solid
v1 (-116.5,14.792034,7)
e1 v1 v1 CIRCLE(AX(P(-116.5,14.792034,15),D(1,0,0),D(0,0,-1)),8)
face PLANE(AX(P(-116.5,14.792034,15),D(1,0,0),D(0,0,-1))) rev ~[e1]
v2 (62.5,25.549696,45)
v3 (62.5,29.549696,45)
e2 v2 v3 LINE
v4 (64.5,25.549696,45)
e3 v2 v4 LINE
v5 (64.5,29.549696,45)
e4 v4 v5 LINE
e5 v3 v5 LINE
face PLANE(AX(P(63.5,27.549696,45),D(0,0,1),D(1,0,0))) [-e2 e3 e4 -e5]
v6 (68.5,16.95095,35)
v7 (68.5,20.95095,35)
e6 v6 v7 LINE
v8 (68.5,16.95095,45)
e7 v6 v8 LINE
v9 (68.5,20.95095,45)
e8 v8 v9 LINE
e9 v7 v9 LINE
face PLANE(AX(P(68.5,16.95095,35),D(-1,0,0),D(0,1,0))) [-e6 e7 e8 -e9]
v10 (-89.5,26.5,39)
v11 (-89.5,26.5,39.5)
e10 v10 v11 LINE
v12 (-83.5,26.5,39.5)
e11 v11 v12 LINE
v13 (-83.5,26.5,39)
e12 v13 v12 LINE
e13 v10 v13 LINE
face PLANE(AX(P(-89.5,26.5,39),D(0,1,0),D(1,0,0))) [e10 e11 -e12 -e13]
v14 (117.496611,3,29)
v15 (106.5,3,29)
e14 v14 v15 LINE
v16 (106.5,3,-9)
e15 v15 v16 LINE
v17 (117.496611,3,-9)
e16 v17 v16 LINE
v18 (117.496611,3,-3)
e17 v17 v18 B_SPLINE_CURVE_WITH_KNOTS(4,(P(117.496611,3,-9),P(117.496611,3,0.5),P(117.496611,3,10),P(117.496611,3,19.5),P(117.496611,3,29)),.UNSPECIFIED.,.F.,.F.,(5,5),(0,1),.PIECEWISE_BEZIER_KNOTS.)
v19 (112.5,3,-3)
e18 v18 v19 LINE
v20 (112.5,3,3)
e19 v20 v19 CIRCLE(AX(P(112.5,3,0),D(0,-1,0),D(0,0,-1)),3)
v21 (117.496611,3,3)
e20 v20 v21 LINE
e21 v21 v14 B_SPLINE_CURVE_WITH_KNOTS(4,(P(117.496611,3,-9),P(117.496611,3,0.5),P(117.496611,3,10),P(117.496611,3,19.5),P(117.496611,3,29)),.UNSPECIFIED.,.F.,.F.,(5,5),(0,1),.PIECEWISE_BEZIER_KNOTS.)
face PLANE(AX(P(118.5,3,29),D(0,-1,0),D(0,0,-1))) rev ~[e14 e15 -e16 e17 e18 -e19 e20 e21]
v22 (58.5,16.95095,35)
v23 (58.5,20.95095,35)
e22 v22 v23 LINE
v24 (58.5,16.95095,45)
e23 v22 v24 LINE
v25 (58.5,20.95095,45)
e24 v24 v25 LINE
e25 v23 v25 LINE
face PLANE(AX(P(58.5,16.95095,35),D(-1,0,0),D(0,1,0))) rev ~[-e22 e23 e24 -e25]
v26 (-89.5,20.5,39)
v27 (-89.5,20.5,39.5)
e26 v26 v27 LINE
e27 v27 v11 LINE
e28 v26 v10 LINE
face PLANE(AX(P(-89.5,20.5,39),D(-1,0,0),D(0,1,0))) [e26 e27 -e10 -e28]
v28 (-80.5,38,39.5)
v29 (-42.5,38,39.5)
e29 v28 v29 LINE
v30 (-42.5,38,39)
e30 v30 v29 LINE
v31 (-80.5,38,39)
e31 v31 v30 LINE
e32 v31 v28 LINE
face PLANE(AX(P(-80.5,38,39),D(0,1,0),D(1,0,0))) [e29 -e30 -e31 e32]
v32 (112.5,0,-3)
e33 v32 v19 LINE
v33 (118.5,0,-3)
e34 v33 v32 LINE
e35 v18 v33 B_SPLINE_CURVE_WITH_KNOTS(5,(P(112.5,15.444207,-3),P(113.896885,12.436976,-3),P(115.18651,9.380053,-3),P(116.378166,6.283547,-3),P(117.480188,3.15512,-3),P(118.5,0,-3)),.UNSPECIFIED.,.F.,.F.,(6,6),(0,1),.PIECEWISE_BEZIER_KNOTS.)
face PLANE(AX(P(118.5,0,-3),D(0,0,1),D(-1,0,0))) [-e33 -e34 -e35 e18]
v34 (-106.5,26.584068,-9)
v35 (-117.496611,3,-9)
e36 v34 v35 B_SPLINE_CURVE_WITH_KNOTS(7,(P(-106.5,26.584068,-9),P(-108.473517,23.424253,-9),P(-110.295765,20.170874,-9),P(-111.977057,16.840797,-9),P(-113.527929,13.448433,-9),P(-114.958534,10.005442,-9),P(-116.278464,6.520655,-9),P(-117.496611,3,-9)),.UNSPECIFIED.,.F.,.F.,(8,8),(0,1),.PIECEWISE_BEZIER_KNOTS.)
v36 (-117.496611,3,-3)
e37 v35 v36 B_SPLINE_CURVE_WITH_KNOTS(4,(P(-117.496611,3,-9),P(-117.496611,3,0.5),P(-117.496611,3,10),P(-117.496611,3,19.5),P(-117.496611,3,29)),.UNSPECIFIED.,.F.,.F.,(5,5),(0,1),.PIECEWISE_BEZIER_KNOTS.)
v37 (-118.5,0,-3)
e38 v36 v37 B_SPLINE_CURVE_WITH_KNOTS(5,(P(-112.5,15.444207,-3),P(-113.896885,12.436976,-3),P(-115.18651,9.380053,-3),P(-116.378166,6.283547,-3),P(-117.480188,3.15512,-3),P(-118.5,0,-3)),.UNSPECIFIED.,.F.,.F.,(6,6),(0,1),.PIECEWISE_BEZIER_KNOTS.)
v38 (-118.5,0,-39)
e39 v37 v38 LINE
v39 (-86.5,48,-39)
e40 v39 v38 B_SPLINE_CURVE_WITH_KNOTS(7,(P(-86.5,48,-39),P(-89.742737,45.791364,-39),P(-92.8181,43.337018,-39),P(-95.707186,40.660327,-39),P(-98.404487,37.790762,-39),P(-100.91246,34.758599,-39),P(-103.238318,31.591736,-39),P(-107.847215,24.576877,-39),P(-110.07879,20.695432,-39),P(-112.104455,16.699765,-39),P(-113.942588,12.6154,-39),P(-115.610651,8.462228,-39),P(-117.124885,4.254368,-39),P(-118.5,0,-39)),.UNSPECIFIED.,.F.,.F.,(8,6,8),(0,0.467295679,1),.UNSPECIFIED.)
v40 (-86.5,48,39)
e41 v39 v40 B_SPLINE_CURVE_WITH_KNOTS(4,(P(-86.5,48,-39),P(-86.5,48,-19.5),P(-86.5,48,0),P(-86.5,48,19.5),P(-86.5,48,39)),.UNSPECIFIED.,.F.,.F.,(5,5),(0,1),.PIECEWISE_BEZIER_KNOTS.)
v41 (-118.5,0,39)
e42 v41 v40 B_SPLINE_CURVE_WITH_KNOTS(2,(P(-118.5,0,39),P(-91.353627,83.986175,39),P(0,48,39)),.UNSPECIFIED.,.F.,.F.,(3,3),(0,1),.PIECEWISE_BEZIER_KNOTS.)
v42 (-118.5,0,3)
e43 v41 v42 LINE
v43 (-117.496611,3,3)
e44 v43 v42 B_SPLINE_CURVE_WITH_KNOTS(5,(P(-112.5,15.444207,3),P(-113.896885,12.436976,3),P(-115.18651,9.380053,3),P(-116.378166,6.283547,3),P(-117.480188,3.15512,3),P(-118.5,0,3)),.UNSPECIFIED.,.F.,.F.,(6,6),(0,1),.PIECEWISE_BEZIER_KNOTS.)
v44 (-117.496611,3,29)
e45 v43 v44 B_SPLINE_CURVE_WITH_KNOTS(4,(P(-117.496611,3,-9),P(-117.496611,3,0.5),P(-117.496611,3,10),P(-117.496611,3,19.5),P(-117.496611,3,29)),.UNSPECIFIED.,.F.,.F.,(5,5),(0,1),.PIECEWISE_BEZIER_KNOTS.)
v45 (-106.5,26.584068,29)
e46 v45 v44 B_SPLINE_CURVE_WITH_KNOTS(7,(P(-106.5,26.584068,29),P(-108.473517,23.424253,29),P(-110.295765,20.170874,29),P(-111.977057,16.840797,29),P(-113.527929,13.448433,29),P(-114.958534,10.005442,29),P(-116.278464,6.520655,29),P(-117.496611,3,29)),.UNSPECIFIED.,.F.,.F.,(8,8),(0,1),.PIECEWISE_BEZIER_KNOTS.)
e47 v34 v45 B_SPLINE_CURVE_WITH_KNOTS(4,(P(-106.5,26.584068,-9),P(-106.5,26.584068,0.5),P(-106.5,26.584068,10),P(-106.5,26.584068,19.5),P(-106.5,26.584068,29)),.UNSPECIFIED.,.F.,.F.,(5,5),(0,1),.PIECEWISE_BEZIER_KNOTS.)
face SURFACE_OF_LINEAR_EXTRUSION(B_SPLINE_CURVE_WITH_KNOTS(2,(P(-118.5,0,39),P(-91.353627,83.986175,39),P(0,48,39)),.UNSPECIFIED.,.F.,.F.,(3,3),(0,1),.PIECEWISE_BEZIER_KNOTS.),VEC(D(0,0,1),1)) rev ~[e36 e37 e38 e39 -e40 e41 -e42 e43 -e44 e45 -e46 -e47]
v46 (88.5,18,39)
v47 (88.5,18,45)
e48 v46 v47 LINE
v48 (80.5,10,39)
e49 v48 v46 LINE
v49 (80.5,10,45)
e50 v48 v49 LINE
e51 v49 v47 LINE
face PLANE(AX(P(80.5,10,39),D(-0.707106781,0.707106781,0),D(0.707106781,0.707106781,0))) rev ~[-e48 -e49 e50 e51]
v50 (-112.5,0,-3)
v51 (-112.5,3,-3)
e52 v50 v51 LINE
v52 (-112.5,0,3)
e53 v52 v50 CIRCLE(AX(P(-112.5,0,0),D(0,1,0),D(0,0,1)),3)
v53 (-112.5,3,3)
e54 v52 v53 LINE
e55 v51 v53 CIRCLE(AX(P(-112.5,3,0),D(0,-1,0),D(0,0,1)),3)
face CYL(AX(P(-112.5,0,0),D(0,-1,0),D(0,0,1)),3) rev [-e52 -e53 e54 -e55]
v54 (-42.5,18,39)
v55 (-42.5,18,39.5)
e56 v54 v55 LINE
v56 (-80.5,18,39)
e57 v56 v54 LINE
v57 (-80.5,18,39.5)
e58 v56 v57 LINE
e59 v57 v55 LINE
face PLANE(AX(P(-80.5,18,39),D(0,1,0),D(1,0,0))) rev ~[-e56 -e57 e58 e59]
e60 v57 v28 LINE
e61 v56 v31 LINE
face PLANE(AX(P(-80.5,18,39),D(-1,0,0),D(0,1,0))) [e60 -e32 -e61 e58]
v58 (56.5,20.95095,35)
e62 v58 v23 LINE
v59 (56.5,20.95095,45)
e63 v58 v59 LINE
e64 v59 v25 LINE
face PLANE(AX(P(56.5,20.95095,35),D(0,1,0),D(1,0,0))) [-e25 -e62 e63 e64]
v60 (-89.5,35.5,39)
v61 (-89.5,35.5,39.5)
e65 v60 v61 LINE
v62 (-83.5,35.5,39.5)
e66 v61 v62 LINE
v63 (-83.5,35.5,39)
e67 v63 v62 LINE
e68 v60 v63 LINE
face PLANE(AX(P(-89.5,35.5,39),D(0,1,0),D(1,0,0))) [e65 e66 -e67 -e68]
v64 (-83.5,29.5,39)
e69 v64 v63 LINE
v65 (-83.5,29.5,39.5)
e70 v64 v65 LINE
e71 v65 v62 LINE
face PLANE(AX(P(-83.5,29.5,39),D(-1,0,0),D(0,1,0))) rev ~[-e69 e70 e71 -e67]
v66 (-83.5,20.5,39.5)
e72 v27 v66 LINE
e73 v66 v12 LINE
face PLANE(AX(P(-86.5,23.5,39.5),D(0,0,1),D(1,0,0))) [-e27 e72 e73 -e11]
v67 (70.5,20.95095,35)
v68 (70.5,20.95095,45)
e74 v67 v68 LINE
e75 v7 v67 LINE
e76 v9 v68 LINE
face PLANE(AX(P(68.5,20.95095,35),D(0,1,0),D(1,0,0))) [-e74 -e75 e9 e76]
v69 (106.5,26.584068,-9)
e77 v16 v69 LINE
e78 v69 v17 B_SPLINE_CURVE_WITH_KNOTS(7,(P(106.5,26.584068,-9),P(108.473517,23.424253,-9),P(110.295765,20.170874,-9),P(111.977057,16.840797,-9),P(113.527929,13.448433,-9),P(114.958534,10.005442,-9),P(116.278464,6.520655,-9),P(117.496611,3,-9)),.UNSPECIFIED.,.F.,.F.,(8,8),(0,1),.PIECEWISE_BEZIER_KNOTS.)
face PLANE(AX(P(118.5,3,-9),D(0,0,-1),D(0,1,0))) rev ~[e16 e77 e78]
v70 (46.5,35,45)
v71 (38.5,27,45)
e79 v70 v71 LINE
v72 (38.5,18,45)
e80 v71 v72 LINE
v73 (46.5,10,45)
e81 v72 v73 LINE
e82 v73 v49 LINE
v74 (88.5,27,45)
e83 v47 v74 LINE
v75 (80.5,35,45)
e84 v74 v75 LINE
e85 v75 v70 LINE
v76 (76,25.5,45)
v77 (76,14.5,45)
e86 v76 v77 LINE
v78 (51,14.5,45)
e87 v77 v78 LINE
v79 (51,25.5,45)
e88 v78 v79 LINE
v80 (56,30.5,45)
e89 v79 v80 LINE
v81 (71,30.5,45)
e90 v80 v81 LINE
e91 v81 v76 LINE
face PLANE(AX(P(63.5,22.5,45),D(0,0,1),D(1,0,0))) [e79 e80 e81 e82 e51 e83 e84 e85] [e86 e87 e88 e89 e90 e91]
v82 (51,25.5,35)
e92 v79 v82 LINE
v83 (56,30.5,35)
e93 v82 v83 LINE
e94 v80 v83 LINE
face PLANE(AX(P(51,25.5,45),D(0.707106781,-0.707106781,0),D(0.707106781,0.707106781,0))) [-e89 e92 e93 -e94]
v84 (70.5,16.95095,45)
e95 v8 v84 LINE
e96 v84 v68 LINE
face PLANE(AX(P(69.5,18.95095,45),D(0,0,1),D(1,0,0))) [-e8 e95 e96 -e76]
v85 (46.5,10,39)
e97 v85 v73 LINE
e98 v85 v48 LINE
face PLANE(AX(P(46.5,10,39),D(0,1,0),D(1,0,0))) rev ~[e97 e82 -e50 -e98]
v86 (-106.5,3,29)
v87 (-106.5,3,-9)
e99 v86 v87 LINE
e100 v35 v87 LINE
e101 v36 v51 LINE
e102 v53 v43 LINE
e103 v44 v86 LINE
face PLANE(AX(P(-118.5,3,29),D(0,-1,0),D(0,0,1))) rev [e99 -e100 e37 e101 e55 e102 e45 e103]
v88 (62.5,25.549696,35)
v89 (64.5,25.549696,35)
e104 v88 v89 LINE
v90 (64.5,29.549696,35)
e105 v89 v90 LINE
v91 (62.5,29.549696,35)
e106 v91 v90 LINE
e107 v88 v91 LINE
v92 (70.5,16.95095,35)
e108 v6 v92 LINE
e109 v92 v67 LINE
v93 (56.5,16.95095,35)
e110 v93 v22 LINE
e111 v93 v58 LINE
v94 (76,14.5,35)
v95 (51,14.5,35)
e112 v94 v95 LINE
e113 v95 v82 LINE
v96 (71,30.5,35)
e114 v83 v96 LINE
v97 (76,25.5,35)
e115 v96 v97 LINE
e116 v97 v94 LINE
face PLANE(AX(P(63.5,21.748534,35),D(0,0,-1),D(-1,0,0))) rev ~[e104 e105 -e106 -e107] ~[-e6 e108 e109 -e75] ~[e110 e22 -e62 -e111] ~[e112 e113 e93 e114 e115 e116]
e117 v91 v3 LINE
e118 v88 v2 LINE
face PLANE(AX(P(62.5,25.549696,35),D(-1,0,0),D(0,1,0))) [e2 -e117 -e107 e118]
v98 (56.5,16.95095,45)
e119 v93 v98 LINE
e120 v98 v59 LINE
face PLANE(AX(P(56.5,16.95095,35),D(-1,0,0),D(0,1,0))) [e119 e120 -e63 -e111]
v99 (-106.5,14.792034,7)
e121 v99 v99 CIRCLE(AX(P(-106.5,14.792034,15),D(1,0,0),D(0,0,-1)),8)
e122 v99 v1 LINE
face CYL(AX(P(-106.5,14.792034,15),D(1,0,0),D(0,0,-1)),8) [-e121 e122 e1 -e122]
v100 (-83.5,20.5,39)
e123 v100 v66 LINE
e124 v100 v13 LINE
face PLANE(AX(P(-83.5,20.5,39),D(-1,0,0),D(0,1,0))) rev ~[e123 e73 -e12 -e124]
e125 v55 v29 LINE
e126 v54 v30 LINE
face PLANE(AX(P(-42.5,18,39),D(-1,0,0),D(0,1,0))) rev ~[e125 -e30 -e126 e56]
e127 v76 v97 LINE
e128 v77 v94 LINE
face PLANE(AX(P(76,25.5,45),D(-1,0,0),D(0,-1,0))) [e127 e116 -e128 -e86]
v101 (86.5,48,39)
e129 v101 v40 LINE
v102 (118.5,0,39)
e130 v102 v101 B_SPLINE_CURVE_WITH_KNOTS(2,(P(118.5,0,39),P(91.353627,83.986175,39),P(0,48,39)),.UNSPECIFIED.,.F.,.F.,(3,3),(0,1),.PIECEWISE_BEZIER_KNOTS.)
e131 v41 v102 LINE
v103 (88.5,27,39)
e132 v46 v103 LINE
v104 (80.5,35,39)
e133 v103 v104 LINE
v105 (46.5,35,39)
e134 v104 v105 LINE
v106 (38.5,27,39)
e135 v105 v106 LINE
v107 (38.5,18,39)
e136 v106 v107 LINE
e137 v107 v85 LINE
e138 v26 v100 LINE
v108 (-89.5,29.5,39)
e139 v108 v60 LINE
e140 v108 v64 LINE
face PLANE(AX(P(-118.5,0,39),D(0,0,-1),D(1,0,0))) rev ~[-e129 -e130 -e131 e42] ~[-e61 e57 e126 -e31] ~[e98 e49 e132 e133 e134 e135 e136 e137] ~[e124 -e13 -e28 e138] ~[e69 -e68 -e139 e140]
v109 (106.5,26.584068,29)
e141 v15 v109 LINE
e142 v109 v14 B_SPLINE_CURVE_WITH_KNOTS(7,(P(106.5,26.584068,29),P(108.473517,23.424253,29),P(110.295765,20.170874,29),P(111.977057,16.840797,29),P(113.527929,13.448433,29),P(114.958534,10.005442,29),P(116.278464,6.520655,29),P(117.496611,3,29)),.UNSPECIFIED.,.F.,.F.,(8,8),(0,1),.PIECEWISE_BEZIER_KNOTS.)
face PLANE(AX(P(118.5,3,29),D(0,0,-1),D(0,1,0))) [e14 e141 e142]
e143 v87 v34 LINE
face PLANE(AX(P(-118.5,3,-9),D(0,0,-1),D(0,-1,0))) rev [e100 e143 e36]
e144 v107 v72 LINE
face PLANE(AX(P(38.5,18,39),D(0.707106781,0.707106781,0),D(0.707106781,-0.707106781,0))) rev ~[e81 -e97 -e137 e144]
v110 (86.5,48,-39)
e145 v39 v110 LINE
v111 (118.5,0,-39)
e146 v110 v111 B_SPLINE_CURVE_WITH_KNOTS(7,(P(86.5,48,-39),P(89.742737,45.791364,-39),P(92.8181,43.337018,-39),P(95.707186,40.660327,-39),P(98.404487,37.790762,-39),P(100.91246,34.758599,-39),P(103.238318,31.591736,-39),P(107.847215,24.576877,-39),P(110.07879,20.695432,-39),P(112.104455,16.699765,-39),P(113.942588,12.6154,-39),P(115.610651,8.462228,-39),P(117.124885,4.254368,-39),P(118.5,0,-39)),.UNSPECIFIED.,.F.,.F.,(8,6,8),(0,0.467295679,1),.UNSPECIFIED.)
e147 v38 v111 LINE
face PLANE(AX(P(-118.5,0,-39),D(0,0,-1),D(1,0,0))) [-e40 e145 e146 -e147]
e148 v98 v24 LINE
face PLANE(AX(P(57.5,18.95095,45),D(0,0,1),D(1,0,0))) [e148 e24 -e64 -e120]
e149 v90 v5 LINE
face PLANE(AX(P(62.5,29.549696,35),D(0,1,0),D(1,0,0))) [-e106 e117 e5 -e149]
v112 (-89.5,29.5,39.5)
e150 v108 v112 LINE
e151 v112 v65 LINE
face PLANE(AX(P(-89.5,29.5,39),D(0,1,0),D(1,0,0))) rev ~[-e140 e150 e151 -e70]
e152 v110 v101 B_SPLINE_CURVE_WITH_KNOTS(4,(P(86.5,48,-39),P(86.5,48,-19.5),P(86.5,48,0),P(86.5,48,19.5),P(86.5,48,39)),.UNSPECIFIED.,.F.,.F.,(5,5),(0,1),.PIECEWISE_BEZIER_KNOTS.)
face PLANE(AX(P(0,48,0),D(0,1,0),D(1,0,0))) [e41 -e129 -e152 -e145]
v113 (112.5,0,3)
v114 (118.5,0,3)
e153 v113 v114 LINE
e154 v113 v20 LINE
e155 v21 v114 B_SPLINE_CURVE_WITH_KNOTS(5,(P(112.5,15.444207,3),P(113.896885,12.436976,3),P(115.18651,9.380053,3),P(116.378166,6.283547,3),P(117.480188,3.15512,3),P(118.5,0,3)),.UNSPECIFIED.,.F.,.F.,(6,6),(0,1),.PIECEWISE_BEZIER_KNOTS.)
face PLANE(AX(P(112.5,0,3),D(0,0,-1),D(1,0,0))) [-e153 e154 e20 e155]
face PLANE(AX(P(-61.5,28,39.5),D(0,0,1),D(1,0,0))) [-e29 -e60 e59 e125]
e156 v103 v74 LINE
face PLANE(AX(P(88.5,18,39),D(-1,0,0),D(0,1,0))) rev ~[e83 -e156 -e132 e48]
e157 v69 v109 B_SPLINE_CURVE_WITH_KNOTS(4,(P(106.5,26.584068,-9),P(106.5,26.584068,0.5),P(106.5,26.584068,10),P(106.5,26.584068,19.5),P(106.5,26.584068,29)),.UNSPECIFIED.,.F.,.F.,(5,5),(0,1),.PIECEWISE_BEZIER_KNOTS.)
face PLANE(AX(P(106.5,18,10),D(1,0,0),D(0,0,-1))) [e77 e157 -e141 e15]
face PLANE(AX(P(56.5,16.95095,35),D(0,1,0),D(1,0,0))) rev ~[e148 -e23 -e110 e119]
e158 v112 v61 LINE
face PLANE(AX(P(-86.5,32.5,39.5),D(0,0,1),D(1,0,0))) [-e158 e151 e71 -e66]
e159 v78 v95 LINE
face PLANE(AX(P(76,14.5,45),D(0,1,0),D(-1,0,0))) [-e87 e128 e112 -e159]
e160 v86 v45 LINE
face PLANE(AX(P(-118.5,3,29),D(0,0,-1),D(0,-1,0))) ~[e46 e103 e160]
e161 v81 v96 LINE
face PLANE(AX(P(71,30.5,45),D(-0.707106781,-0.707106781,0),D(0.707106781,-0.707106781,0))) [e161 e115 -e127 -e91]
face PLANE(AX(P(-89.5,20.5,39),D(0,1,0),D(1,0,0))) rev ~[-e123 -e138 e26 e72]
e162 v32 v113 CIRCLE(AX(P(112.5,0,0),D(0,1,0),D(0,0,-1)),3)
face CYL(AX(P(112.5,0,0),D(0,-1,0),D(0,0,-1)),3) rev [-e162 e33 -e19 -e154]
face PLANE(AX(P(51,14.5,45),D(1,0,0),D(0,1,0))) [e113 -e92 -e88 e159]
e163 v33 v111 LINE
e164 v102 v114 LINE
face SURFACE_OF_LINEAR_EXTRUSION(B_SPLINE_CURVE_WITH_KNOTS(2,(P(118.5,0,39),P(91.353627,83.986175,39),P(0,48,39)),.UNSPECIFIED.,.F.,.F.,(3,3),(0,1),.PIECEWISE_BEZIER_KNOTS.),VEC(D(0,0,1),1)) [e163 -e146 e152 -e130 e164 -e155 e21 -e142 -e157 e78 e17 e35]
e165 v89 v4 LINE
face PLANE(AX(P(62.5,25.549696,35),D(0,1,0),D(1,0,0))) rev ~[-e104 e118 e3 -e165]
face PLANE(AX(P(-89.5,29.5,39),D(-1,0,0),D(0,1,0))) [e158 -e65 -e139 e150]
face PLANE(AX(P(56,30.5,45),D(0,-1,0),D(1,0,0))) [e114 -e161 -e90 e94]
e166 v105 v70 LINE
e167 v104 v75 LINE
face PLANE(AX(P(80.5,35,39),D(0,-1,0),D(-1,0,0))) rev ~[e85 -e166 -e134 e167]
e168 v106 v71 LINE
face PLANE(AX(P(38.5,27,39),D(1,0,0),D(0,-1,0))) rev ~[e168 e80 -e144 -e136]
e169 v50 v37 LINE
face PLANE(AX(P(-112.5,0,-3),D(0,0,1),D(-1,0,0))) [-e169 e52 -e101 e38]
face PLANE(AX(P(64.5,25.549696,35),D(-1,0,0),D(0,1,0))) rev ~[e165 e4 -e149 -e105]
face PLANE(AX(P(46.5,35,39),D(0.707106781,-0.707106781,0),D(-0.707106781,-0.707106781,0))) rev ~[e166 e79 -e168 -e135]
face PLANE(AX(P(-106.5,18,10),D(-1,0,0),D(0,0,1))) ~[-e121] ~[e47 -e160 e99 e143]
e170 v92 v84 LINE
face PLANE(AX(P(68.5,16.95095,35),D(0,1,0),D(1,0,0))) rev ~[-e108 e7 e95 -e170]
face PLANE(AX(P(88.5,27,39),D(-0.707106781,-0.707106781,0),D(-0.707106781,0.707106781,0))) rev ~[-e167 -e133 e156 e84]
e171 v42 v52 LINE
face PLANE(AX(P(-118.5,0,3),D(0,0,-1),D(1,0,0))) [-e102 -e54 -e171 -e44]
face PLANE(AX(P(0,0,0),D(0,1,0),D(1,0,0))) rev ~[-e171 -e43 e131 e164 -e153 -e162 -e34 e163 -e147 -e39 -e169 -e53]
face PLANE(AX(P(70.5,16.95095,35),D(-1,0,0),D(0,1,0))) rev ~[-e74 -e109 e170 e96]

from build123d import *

# Parameters (mm, degrees)
SKETCH1_W           = 237
SKETCH1_H           = 78
BOSS_EXTRUDE1_DEPTH = 48
SKETCH2_W           = 38
SKETCH2_H           = 30
CUT_EXTRUDE1_DEPTH  = 12
CUT_EXTRUDE2_DEPTH  = 150.767319533
SKETCH4_R           = 8
BOSS_EXTRUDE2_DEPTH = 10
BOSS_EXTRUDE3_DEPTH = 6
CUT_EXTRUDE3_DEPTH  = 10
SKETCH7_W           = 2
SKETCH7_H           = 4
BOSS_EXTRUDE4_DEPTH = 10
SKETCH8_W           = 38
SKETCH8_H           = 20
SKETCH8_W_2         = 6
SKETCH8_H_2         = 6
BOSS_EXTRUDE5_DEPTH = 0.5
CUT_EXTRUDE4_DEPTH  = 136.540584451


with BuildPart() as part:
    # Sketch1 → Boss-Extrude1 (new body)
    with BuildSketch(Plane(origin=(0, 0, 0), x_dir=(1, 0, 0), z_dir=(0, 1, 0))):
        Rectangle(SKETCH1_W, SKETCH1_H)
    extrude(amount=BOSS_EXTRUDE1_DEPTH)

    # Sketch2 → Cut-Extrude1 (cut)
    with BuildSketch(Plane(origin=(118.5, 0, 0), x_dir=(0, 0, -1), z_dir=(1, 0, 0))):
        with Locations((-10, 18)):
            Rectangle(SKETCH2_W, SKETCH2_H)
    cut_extrude1 = extrude(amount=-CUT_EXTRUDE1_DEPTH, mode=Mode.SUBTRACT)

    # Sketch3 → Cut-Extrude2 (cut, through all)
    with BuildSketch(Plane.XY.offset(39)):
        with BuildLine():
            Line((118.5, 0), (133.818434768, 0))
            Line((133.818434768, 0), (133.818434768, 98.676655982))
            Line((133.818434768, 98.676655982), (0, 98.676655982))
            Line((0, 98.676655982), (0, 48))
            add(Edge.make_bspline(
                [(118.5, 0), (91.353626717, 83.98617523), (0, 48)],
                knots=[0, 0, 0, 1, 1, 1], degree=2))
        make_face()
    cut_extrude2 = extrude(amount=-CUT_EXTRUDE2_DEPTH, mode=Mode.SUBTRACT)

    # Mirror1: Cut-Extrude1, Cut-Extrude2 across plane
    add(cut_extrude1.mirror(Plane(origin=(0, 0, 0), x_dir=(0, 0, 1), z_dir=(1, 0, 0))), mode=Mode.SUBTRACT)
    add(cut_extrude2.mirror(Plane(origin=(0, 0, 0), x_dir=(0, 0, 1), z_dir=(1, 0, 0))), mode=Mode.SUBTRACT)

    # Sketch4 → Boss-Extrude2 (add)
    with BuildSketch(Plane(origin=(-106.5, 0, 0), x_dir=(0, 0, -1), z_dir=(1, 0, 0))):
        with Locations((-15, 14.792033804)):
            Circle(SKETCH4_R)
    extrude(amount=-BOSS_EXTRUDE2_DEPTH)

    # Sketch5 → Boss-Extrude3 (add)
    with BuildSketch(Plane.XY.offset(39)):
        Polygon((46.5, 35), (38.5, 27), (38.5, 18), (46.5, 10), (80.5, 10), (88.5, 18), (88.5, 27), (80.5, 35), align=None)
    extrude(amount=BOSS_EXTRUDE3_DEPTH)

    # Sketch6 → Cut-Extrude3 (cut)
    with BuildSketch(Plane.XY.offset(45)):
        Polygon((51, 25.5), (56, 30.5), (71, 30.5), (76, 25.5), (76, 14.5), (51, 14.5), align=None)
    extrude(amount=-CUT_EXTRUDE3_DEPTH, mode=Mode.SUBTRACT)

    # Sketch7 → Boss-Extrude4 (add)
    with BuildSketch(Plane.XY.offset(35)):
        with Locations((63.5, 27.549695856)):
            Rectangle(SKETCH7_W, SKETCH7_H)
        with Locations((57.5, 18.950949538)):
            Rectangle(SKETCH7_W, SKETCH7_H)
        with Locations((69.5, 18.950949538)):
            Rectangle(SKETCH7_W, SKETCH7_H)
    extrude(amount=BOSS_EXTRUDE4_DEPTH)

    # Sketch8 → Boss-Extrude5 (add)
    with BuildSketch(Plane.XY.offset(39)):
        with Locations((-61.5, 28)):
            Rectangle(SKETCH8_W, SKETCH8_H)
        with Locations((-86.5, 23.5)):
            Rectangle(SKETCH8_W_2, SKETCH8_H_2)
        with Locations((-86.5, 32.5)):
            Rectangle(SKETCH8_W_2, SKETCH8_H_2)
    extrude(amount=BOSS_EXTRUDE5_DEPTH)

    # Sketch9 → Cut-Extrude4 (cut, through all)
    with BuildSketch(Plane.XZ):
        with BuildLine():
            Line((-112.5, -3), (-118.5, -3))
            Line((-118.5, -3), (-118.5, 3))
            Line((-118.5, 3), (-112.5, 3))
            ThreePointArc((-112.5, 3), (-109.5, 0), (-112.5, -3))
        make_face()
        with BuildLine():
            Line((118.5, 3), (118.5, -3))
            Line((118.5, -3), (112.5, -3))
            ThreePointArc((112.5, -3), (109.5, 0), (112.5, 3))
            Line((112.5, 3), (118.5, 3))
        make_face()
    extrude(amount=-CUT_EXTRUDE4_DEPTH, mode=Mode.SUBTRACT)


solid = part.part
